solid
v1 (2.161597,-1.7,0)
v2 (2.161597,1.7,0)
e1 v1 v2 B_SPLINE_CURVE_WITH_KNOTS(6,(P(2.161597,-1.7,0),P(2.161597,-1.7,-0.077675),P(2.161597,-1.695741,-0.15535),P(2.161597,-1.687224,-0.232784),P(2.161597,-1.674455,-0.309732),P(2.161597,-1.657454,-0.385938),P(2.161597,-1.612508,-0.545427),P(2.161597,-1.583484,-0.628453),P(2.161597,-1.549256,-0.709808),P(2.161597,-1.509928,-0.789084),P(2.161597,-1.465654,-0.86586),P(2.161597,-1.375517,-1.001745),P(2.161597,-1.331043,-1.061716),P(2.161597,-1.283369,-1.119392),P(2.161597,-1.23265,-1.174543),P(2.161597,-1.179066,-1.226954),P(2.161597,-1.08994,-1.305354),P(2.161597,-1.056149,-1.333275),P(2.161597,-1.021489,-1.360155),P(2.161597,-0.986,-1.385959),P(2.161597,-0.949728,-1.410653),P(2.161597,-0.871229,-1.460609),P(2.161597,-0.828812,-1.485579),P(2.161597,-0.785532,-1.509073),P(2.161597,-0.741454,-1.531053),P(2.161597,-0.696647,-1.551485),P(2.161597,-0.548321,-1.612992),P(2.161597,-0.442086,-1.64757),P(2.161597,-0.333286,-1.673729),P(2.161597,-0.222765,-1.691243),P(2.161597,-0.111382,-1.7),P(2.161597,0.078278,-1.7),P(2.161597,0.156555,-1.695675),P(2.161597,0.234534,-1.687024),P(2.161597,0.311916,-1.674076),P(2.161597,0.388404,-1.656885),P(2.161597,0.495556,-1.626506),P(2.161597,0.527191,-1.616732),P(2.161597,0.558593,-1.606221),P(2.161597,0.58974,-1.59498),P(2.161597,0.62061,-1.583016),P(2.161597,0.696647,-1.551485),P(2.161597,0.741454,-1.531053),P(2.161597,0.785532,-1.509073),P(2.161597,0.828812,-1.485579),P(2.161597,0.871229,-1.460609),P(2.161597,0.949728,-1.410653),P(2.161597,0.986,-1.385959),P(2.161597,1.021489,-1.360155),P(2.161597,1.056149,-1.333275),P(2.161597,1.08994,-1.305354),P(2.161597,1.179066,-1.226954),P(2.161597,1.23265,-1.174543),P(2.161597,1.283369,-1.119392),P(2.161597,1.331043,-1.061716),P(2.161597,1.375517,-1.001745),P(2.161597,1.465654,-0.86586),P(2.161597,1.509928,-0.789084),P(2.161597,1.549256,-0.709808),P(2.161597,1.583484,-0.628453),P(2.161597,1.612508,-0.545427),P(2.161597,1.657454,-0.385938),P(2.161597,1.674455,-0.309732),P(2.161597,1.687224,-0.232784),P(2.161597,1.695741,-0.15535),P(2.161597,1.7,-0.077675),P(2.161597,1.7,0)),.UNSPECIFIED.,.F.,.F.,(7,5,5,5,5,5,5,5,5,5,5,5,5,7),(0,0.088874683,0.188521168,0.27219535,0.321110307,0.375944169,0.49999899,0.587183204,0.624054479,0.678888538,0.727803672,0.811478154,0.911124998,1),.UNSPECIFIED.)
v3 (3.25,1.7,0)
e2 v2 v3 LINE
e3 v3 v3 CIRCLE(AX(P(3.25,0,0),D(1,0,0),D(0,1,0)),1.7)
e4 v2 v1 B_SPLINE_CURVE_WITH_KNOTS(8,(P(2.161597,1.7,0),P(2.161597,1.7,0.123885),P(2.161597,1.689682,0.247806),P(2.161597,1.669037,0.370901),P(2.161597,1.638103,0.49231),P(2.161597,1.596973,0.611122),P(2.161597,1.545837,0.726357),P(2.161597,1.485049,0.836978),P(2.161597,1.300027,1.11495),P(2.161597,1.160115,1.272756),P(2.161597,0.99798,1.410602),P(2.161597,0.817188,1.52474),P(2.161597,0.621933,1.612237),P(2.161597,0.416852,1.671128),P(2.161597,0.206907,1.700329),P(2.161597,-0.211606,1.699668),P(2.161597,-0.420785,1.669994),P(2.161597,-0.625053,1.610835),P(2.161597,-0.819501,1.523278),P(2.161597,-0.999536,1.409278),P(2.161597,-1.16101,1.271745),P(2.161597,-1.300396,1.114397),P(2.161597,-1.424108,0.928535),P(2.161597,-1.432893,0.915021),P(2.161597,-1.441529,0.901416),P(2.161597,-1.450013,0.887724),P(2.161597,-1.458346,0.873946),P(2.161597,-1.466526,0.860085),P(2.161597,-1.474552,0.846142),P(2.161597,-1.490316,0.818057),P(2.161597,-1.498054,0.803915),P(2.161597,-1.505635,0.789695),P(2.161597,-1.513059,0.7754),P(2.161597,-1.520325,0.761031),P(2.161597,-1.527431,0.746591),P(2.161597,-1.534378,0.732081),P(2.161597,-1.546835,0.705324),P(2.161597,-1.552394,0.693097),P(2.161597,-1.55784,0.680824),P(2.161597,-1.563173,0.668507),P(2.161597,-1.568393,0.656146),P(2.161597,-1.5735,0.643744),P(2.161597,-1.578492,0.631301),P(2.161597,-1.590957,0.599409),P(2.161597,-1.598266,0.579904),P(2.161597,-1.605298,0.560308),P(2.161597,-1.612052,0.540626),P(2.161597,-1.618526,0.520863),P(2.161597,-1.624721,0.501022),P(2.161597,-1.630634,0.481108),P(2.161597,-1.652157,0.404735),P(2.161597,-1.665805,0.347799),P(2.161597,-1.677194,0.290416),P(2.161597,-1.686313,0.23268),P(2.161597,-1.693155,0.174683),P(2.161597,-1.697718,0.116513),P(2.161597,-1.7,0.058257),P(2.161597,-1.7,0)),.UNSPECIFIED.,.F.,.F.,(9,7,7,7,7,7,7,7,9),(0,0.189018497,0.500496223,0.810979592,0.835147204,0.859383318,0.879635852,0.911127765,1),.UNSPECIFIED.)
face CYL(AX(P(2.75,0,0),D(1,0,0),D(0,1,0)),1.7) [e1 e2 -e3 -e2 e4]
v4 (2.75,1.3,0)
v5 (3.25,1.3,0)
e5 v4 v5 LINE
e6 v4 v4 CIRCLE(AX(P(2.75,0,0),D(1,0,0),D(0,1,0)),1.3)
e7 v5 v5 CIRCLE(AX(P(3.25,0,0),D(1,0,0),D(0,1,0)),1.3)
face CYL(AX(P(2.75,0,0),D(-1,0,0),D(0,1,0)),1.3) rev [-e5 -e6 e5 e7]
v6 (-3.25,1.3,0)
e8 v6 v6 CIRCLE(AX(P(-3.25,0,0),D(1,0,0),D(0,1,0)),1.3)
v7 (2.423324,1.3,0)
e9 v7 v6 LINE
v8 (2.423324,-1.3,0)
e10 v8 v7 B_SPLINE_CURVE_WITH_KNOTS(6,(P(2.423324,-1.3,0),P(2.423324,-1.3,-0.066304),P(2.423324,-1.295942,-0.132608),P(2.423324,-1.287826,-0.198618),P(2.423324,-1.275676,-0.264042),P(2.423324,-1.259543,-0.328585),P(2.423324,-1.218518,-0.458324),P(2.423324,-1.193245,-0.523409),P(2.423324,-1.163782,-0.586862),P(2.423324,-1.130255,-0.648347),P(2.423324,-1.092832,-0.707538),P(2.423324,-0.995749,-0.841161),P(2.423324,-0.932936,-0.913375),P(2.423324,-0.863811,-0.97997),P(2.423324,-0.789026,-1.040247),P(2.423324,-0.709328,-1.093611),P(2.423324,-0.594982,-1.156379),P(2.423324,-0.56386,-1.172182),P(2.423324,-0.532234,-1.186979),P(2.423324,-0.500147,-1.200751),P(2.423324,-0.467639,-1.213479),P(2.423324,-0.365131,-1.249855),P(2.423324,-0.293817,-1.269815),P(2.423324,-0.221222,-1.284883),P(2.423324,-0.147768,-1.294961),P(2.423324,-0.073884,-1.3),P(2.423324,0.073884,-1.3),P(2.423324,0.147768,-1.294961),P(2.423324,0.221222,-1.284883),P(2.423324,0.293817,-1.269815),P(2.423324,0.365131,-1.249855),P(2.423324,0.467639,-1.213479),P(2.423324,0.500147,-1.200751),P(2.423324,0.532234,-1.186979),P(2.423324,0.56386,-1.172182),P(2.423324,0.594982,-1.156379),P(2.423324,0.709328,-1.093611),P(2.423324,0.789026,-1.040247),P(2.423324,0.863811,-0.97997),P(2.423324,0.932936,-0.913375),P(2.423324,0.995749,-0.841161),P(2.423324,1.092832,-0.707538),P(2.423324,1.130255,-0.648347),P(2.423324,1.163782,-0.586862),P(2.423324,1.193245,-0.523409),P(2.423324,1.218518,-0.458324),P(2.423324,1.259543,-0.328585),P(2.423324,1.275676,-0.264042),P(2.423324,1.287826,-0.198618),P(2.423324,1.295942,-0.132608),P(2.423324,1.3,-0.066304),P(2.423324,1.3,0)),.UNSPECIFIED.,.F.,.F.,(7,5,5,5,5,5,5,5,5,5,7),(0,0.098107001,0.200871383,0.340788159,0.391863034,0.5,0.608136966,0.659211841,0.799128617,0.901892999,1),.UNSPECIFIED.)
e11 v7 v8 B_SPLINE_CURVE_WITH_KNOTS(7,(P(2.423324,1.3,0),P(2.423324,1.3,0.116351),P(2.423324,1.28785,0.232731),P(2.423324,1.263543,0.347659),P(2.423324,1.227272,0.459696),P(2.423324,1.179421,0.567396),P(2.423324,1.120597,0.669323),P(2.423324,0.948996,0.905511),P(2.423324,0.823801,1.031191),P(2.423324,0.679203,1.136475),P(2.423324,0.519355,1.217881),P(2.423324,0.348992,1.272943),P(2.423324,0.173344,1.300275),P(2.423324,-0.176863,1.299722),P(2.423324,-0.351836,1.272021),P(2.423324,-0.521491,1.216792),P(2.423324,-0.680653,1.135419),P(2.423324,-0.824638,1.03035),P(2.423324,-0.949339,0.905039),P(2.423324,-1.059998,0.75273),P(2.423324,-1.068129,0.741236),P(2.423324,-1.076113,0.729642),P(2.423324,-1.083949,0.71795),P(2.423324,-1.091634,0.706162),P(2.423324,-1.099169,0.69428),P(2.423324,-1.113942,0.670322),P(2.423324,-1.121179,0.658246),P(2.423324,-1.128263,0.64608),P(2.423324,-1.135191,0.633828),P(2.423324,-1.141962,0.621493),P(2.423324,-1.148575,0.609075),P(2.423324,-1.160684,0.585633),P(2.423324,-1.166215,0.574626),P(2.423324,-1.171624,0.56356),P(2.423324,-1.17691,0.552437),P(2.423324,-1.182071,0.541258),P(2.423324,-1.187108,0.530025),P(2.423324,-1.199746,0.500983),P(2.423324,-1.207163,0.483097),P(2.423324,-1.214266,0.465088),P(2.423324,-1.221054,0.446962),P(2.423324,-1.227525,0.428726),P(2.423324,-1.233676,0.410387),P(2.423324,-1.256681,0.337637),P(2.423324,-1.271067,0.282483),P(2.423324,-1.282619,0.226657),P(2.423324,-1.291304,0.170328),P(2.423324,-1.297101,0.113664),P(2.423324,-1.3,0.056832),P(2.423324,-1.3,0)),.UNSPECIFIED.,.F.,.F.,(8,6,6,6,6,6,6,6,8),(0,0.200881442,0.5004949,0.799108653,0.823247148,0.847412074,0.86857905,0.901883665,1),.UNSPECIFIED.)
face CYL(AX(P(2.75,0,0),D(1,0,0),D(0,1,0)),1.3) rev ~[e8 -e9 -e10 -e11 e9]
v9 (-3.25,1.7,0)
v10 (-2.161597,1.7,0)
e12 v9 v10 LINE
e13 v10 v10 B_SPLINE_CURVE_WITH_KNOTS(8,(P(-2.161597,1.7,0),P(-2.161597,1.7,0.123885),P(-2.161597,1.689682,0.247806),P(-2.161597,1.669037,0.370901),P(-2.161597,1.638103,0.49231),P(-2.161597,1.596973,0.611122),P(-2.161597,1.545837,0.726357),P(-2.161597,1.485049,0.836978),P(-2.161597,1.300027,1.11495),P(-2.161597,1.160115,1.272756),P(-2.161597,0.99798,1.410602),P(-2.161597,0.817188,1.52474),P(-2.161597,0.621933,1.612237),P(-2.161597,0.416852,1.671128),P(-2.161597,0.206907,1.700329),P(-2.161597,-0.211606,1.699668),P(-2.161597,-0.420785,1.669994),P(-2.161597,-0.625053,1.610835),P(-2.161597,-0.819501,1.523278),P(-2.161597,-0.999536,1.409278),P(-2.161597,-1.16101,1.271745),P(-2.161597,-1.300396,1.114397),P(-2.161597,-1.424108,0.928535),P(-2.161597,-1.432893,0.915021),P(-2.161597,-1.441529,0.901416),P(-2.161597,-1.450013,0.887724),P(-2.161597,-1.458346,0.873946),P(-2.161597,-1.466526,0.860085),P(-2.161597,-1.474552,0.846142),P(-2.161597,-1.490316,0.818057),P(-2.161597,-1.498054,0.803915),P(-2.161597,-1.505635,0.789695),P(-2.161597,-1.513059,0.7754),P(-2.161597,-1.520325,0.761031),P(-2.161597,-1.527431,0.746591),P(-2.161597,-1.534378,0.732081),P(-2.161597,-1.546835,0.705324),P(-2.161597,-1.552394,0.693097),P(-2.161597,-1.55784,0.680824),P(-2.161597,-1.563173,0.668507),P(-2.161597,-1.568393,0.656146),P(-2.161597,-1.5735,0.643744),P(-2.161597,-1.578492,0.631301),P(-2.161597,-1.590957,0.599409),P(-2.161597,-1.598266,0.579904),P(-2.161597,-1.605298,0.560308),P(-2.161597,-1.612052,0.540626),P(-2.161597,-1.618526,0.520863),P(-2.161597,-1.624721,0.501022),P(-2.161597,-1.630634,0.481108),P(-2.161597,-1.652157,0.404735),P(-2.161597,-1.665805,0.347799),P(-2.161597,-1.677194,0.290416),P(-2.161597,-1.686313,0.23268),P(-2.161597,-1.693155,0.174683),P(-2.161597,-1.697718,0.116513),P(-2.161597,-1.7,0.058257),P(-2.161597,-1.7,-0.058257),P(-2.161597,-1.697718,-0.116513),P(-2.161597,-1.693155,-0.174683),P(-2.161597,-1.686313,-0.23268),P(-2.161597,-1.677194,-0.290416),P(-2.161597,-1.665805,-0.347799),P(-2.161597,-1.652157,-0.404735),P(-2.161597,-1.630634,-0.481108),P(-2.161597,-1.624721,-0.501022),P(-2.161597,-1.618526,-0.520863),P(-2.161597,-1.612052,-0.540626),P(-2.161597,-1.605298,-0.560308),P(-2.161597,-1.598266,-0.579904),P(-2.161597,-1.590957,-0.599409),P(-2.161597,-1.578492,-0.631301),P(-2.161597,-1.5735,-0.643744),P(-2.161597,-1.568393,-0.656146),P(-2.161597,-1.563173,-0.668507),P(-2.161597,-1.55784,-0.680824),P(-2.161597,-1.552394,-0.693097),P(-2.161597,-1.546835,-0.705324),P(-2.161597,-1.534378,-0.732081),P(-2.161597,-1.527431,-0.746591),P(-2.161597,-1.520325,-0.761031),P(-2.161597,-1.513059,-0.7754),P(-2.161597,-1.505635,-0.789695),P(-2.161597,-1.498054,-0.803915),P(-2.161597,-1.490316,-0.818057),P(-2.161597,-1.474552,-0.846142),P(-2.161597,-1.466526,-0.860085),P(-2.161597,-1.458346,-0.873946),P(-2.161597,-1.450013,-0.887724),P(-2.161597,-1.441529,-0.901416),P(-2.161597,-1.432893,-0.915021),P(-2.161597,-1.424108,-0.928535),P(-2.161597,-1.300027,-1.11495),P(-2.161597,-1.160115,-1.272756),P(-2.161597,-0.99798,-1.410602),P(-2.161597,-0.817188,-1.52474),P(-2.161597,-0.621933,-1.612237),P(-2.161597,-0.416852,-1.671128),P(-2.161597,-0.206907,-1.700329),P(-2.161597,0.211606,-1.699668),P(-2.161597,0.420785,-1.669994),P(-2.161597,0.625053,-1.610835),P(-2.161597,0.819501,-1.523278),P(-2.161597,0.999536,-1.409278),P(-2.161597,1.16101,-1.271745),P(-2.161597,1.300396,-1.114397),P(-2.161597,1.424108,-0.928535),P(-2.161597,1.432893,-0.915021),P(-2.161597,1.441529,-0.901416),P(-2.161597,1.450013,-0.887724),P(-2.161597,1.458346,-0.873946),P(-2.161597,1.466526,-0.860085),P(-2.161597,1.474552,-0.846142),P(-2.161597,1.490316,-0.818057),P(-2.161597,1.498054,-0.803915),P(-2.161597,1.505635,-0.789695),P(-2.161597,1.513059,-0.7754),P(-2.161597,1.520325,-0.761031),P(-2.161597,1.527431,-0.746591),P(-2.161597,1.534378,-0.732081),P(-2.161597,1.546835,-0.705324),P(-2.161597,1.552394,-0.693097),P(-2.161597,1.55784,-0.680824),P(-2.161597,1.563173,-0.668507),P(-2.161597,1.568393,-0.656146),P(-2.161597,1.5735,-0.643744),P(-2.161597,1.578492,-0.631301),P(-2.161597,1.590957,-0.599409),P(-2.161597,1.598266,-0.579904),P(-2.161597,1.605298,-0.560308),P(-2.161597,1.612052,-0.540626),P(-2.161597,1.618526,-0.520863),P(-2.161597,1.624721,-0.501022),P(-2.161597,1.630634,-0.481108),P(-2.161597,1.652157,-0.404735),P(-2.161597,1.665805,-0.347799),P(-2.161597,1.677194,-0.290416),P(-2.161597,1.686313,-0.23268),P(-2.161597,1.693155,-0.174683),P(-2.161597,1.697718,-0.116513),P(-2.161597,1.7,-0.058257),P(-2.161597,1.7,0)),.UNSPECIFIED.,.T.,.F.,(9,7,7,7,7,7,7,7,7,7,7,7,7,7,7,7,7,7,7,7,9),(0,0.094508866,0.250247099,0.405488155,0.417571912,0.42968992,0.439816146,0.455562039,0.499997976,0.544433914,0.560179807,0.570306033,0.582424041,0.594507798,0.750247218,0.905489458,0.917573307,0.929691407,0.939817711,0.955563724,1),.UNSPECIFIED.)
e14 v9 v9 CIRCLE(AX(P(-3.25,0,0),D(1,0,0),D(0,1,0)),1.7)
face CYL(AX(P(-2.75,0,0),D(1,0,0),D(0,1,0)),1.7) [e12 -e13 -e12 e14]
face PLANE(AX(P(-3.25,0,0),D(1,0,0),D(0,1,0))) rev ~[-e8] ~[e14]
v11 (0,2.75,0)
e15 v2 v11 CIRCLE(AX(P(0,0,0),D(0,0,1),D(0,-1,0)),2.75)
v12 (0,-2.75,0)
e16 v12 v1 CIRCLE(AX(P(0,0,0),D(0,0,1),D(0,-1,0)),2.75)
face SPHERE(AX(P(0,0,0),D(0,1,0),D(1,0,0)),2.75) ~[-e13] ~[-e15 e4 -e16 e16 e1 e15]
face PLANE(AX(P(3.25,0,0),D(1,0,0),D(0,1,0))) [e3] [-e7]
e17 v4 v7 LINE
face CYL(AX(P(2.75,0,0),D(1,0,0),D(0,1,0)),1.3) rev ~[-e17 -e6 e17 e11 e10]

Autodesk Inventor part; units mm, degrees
sketch "Boceto1" plane through (0, 0, 0) normal (0, 0, 1) x (1, 0, 0)
  arc A0 (0, -2.75) -> (0, 2.75) centre (0, 0) ccw
  line L0 (0, 2.75) -> (0, -2.75)
  dimension "d0" = 5.5
revolve "Revolución1" add sketch "Boceto1" angle 360 about axis through (0, 2.75, 0) along (0, -1, 0)
ref_plane "Plano de trabajo2" through (2.75, 0, 0) normal (1, 0, 0) x (0, 1, 0)
ref_plane "Plano de trabajo3" through (-2.75, 0, 0) normal (1, 0, 0) x (0, 1, 0)
sketch "Boceto7" plane through (2.75, 0, 0) normal (1, 0, 0) x (0, 1, 0)
  circle A0 centre (0, 0) radius 1.7
  circle A1 centre (0, 0) radius 1.3
  dimension "d21" = 3.4
  dimension "d22" = 0.4
extrude "Extrusión5" add sketch "Boceto7" along normal blind 0.5 and the other way blind 1
sketch "Boceto8" plane through (-2.75, 0, 0) normal (1, 0, 0) x (0, 1, 0)
  circle A0 centre (0, 0) radius 1.7
  circle A1 centre (0, 0) radius 1.7 projected
  circle A2 centre (0, 0) radius 1.3
  dimension "d27" = 3.4
  dimension "d35" = 2.6
extrude "Extrusión6" add sketch "Boceto8" along normal blind 1 and the other way blind 0.5 contours A0 | A2
ref_plane "Plano de trabajo6" through (2.75, 0, 0) normal (1, 0, 0) x (0, 1, 0)
sketch "Boceto10" plane through (2.75, 0, 0) normal (1, 0, 0) x (0, 1, 0)
  circle A0 centre (0, 0) radius 1.3 projected
extrude "Extrusión8" cut sketch "Boceto10" against normal blind 10
properties part number "Bola chica" material "Aluminio 6061"
